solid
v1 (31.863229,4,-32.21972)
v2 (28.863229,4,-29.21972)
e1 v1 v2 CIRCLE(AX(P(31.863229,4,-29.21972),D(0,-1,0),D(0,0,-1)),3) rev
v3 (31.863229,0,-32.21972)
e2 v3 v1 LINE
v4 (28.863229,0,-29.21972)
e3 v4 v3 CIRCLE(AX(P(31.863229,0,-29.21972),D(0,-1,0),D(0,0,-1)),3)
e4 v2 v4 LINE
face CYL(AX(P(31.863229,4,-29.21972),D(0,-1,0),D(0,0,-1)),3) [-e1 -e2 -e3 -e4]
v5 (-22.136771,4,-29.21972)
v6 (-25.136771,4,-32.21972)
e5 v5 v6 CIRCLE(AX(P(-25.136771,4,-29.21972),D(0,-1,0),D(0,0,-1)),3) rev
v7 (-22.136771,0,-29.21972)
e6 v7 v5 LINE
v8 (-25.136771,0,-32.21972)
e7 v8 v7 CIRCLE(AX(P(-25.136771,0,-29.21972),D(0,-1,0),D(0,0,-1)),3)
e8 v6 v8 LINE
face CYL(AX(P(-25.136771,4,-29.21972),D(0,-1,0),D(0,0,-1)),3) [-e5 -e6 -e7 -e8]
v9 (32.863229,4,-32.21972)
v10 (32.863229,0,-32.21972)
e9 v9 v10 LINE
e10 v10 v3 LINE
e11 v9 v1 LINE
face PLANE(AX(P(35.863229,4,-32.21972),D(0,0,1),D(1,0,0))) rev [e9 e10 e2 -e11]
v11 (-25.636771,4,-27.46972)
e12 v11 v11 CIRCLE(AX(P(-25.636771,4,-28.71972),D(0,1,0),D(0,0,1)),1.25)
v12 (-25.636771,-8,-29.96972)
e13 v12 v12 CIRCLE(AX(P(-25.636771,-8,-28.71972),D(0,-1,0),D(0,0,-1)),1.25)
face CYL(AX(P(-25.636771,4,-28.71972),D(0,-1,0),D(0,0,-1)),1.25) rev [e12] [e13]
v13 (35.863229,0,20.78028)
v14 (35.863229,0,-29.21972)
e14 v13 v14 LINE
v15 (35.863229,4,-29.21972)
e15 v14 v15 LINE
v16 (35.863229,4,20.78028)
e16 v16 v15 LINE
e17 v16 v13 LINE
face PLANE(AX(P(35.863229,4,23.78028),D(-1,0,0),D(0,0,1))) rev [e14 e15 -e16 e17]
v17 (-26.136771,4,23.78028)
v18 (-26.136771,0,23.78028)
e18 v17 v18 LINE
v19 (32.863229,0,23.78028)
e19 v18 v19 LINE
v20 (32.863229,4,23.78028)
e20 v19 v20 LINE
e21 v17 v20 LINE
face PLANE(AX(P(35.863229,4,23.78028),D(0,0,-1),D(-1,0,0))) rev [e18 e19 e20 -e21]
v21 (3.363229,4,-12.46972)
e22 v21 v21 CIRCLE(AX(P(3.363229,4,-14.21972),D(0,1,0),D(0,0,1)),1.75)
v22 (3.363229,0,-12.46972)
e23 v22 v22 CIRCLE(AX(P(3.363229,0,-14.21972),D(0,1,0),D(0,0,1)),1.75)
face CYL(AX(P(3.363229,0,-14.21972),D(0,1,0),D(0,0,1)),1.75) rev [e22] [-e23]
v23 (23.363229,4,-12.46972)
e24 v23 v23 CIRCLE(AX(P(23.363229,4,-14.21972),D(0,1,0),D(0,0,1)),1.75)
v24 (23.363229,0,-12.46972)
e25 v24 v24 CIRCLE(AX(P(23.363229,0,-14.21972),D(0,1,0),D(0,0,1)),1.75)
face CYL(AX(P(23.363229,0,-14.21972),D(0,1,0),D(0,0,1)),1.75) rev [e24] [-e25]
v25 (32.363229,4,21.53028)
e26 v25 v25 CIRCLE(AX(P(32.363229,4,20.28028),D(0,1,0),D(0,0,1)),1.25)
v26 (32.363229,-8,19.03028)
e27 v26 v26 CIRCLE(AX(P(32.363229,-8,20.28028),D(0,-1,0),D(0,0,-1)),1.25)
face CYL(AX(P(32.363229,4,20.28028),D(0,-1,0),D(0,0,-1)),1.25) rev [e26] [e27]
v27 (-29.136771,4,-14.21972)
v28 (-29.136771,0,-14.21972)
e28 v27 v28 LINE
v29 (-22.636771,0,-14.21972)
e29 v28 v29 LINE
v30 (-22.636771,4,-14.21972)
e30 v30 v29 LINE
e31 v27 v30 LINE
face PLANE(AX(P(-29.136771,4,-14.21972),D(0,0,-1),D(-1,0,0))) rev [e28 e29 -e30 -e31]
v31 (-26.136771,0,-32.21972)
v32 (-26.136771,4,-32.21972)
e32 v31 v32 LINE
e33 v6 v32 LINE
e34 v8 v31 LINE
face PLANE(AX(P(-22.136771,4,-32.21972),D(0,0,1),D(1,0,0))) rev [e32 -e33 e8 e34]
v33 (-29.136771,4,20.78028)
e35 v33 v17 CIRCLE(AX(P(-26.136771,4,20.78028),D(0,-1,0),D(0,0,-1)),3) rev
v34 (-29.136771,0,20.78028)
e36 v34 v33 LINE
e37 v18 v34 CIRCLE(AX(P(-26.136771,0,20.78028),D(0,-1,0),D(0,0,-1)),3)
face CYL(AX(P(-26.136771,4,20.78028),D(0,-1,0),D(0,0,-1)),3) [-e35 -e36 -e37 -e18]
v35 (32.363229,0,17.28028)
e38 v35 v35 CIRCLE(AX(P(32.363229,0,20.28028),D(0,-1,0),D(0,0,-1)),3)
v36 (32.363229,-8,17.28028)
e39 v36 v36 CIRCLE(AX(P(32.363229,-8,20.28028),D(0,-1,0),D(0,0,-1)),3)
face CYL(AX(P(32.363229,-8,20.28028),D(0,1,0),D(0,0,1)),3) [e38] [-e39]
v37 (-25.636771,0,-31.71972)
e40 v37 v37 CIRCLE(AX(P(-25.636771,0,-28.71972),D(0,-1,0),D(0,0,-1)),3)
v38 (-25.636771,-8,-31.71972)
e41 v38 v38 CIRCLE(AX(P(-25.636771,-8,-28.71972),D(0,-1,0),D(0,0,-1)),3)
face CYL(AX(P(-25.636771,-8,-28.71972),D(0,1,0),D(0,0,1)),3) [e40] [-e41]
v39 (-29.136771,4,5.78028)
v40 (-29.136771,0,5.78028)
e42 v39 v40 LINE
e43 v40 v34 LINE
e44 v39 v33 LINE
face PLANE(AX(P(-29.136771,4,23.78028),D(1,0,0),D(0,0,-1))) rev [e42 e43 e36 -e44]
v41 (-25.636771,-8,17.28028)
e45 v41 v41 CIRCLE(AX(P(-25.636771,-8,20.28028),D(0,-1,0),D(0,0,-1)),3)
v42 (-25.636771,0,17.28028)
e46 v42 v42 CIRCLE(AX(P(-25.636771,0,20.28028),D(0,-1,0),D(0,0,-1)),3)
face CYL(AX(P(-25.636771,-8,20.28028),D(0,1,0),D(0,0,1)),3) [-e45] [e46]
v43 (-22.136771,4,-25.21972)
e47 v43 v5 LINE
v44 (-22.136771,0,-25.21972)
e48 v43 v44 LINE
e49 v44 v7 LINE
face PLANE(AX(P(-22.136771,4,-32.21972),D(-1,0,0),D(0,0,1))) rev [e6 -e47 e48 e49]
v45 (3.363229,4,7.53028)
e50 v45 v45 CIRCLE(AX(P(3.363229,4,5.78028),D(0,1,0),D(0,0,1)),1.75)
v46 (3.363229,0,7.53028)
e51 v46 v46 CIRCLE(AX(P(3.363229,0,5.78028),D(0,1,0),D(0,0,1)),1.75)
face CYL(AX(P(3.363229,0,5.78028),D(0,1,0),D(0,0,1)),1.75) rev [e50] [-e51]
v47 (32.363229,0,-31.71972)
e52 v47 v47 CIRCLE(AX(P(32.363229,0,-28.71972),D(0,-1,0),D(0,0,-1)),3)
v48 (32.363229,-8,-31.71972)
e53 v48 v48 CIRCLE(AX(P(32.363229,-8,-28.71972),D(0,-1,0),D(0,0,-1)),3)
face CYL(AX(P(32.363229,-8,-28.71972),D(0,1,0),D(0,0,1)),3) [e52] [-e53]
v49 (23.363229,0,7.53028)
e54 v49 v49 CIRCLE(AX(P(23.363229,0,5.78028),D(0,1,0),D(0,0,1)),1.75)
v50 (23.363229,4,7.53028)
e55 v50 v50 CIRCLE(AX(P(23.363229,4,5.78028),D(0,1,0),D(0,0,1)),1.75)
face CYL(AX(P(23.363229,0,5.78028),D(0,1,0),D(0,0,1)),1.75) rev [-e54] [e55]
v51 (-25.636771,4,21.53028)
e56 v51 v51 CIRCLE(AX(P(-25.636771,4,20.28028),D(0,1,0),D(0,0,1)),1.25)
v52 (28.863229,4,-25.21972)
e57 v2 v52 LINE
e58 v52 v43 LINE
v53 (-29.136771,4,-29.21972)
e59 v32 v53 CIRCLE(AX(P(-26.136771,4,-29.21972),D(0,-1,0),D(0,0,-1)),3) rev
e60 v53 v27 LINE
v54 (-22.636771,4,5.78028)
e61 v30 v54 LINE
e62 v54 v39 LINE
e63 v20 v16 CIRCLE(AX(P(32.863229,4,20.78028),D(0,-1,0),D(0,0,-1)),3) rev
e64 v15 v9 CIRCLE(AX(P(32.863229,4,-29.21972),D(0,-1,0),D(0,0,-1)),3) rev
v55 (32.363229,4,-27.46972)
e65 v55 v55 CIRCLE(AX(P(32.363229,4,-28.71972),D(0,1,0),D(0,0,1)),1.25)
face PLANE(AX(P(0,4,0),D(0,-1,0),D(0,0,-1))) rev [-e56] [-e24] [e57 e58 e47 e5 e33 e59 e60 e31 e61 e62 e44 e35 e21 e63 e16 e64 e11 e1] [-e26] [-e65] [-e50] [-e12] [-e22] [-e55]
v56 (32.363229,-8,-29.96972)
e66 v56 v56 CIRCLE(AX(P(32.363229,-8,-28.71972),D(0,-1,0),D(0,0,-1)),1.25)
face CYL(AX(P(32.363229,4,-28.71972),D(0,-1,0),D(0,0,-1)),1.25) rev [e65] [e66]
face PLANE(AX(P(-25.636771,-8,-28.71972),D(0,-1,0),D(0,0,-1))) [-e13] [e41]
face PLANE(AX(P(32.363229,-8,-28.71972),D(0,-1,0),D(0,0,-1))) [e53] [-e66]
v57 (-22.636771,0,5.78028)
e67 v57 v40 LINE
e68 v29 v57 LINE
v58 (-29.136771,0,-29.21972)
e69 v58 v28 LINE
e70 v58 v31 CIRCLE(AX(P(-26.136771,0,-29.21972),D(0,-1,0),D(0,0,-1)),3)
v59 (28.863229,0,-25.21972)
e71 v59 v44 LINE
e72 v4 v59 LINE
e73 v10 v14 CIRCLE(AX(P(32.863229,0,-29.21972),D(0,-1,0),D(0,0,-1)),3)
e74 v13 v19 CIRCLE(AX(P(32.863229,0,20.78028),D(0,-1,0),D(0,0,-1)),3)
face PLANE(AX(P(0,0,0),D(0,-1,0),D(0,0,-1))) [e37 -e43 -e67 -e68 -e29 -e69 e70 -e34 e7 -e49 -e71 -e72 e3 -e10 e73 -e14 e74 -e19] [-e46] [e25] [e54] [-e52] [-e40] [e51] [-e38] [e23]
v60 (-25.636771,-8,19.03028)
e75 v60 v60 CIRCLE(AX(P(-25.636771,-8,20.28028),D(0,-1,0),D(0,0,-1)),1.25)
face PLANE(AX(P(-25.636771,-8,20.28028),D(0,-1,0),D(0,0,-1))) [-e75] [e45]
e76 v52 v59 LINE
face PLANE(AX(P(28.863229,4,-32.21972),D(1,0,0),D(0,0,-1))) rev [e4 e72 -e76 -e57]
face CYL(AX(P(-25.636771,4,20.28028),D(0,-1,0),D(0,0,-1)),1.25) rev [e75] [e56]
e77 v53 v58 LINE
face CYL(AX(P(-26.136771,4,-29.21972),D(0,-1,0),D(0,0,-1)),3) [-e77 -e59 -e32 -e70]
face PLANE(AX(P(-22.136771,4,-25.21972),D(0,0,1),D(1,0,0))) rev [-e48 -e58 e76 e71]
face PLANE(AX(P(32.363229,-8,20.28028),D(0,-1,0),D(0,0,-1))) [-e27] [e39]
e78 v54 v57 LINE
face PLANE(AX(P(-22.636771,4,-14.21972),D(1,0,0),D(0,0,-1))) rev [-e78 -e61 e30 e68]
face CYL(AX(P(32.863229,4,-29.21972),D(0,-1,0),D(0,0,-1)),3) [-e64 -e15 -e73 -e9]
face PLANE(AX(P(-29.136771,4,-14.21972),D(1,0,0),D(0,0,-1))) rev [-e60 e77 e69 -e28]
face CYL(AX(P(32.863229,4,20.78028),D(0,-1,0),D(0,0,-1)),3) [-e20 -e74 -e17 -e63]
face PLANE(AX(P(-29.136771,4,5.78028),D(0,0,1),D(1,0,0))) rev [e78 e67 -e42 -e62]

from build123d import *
from build123d.topology import SkipClean

# Parameters (mm, degrees)
SKETCH1_R           = 1.25
BOSS_EXTRUDE1_DEPTH = 4
FILLET1_R           = 3
SKETCH2_R           = 1.75
CUT_EXTRUDE1_DEPTH  = 4
BOSS_EXTRUDE2_START = 8
SKETCH3_R           = 3
SKETCH3_R_2         = 1.25
BOSS_EXTRUDE2_DEPTH = 8


with BuildPart() as part:
    # Sketch1 → Boss-Extrude1 (new body)
    with BuildSketch(Plane(origin=(0, 0, 0), x_dir=(1, 0, 0), z_dir=(0, 1, 0))):
        Polygon((-29.136771411, 14.21972047), (-29.136771411, 32.21972047), (-22.136771411, 32.21972047), (-22.136771411, 25.21972047), (28.863228589, 25.21972047), (28.863228589, 32.21972047), (35.863228589, 32.21972047), (35.863228589, -23.78027953), (-29.136771411, -23.78027953), (-29.136771411, -5.78027953), (-22.636771411, -5.78027953), (-22.636771411, 14.21972047), align=None)
        with Locations(Location((32.363228589, 28.71972047, 0), (0, 0, 270))):
            Circle(SKETCH1_R, mode=Mode.SUBTRACT)
        with Locations(Location((-25.636771411, 28.71972047, 0), (0, 0, 270))):
            Circle(SKETCH1_R, mode=Mode.SUBTRACT)
        with Locations(Location((32.363228589, -20.28027953, 0), (0, 0, 270))):
            Circle(SKETCH1_R, mode=Mode.SUBTRACT)
        with Locations(Location((-25.636771411, -20.28027953, 0), (0, 0, 270))):
            Circle(SKETCH1_R, mode=Mode.SUBTRACT)
    extrude(amount=BOSS_EXTRUDE1_DEPTH)

    # Fillet1
    fillet1_edges = [part.edges().sort_by_distance(p)[0] for p in [
        (-22.136771411, 2, -32.21972047),
        (28.863228589, 2, -32.21972047),
        (35.863228589, 2, -32.21972047),
        (35.863228589, 2, 23.78027953),
        (-29.136771411, 2, 23.78027953),
        (-29.136771411, 2, -32.21972047),
    ]]
    fillet(fillet1_edges, radius=FILLET1_R)

    # Sketch2 → Cut-Extrude1 (cut)
    with BuildSketch(Plane(origin=(0, 4, 0), x_dir=(1, 0, 0), z_dir=(0, 1, 0))):
        with Locations(Location((23.363228589, 14.21972047, 0), (0, 0, 270))):
            Circle(SKETCH2_R)
        with Locations(Location((3.363228589, 14.21972047, 0), (0, 0, 270))):
            Circle(SKETCH2_R)
        with Locations(Location((3.363228589, -5.78027953, 0), (0, 0, 270))):
            Circle(SKETCH2_R)
        with Locations(Location((23.363228589, -5.78027953, 0), (0, 0, 270))):
            Circle(SKETCH2_R)
    extrude(amount=-CUT_EXTRUDE1_DEPTH, mode=Mode.SUBTRACT)

    # Sketch3 → Boss-Extrude2 (add)
    # profile 1 of 4: a face of its own
    with SkipClean():  # the faces are left unmerged after this step: merging them gives an invalid solid
        with BuildSketch(Plane.XZ.offset(BOSS_EXTRUDE2_START)):
            with Locations(Location((-25.636771411, 20.28027953, 0), (0, 0, 270))):
                Circle(SKETCH3_R)
            with Locations(Location((-25.636771411, 20.28027953, 0), (0, 0, 270))):
                Circle(SKETCH3_R_2, mode=Mode.SUBTRACT)
        # profile 2 of 4: a face of its own
        with BuildSketch(Plane.XZ.offset(BOSS_EXTRUDE2_START)):
            with Locations(Location((-25.636771411, -28.71972047, 0), (0, 0, 270))):
                Circle(SKETCH3_R)
            with Locations(Location((-25.636771411, -28.71972047, 0), (0, 0, 270))):
                Circle(SKETCH3_R_2, mode=Mode.SUBTRACT)
        # profile 3 of 4: a face of its own
        with BuildSketch(Plane.XZ.offset(BOSS_EXTRUDE2_START)):
            with Locations(Location((32.363228589, -28.71972047, 0), (0, 0, 270))):
                Circle(SKETCH3_R)
            with Locations(Location((32.363228589, -28.71972047, 0), (0, 0, 270))):
                Circle(SKETCH3_R_2, mode=Mode.SUBTRACT)
        # profile 4 of 4: a face of its own
        with BuildSketch(Plane.XZ.offset(BOSS_EXTRUDE2_START)):
            with Locations(Location((32.363228589, 20.28027953, 0), (0, 0, 270))):
                Circle(SKETCH3_R)
            with Locations(Location((32.363228589, 20.28027953, 0), (0, 0, 270))):
                Circle(SKETCH3_R_2, mode=Mode.SUBTRACT)
        extrude(amount=-BOSS_EXTRUDE2_DEPTH)


solid = part.part
